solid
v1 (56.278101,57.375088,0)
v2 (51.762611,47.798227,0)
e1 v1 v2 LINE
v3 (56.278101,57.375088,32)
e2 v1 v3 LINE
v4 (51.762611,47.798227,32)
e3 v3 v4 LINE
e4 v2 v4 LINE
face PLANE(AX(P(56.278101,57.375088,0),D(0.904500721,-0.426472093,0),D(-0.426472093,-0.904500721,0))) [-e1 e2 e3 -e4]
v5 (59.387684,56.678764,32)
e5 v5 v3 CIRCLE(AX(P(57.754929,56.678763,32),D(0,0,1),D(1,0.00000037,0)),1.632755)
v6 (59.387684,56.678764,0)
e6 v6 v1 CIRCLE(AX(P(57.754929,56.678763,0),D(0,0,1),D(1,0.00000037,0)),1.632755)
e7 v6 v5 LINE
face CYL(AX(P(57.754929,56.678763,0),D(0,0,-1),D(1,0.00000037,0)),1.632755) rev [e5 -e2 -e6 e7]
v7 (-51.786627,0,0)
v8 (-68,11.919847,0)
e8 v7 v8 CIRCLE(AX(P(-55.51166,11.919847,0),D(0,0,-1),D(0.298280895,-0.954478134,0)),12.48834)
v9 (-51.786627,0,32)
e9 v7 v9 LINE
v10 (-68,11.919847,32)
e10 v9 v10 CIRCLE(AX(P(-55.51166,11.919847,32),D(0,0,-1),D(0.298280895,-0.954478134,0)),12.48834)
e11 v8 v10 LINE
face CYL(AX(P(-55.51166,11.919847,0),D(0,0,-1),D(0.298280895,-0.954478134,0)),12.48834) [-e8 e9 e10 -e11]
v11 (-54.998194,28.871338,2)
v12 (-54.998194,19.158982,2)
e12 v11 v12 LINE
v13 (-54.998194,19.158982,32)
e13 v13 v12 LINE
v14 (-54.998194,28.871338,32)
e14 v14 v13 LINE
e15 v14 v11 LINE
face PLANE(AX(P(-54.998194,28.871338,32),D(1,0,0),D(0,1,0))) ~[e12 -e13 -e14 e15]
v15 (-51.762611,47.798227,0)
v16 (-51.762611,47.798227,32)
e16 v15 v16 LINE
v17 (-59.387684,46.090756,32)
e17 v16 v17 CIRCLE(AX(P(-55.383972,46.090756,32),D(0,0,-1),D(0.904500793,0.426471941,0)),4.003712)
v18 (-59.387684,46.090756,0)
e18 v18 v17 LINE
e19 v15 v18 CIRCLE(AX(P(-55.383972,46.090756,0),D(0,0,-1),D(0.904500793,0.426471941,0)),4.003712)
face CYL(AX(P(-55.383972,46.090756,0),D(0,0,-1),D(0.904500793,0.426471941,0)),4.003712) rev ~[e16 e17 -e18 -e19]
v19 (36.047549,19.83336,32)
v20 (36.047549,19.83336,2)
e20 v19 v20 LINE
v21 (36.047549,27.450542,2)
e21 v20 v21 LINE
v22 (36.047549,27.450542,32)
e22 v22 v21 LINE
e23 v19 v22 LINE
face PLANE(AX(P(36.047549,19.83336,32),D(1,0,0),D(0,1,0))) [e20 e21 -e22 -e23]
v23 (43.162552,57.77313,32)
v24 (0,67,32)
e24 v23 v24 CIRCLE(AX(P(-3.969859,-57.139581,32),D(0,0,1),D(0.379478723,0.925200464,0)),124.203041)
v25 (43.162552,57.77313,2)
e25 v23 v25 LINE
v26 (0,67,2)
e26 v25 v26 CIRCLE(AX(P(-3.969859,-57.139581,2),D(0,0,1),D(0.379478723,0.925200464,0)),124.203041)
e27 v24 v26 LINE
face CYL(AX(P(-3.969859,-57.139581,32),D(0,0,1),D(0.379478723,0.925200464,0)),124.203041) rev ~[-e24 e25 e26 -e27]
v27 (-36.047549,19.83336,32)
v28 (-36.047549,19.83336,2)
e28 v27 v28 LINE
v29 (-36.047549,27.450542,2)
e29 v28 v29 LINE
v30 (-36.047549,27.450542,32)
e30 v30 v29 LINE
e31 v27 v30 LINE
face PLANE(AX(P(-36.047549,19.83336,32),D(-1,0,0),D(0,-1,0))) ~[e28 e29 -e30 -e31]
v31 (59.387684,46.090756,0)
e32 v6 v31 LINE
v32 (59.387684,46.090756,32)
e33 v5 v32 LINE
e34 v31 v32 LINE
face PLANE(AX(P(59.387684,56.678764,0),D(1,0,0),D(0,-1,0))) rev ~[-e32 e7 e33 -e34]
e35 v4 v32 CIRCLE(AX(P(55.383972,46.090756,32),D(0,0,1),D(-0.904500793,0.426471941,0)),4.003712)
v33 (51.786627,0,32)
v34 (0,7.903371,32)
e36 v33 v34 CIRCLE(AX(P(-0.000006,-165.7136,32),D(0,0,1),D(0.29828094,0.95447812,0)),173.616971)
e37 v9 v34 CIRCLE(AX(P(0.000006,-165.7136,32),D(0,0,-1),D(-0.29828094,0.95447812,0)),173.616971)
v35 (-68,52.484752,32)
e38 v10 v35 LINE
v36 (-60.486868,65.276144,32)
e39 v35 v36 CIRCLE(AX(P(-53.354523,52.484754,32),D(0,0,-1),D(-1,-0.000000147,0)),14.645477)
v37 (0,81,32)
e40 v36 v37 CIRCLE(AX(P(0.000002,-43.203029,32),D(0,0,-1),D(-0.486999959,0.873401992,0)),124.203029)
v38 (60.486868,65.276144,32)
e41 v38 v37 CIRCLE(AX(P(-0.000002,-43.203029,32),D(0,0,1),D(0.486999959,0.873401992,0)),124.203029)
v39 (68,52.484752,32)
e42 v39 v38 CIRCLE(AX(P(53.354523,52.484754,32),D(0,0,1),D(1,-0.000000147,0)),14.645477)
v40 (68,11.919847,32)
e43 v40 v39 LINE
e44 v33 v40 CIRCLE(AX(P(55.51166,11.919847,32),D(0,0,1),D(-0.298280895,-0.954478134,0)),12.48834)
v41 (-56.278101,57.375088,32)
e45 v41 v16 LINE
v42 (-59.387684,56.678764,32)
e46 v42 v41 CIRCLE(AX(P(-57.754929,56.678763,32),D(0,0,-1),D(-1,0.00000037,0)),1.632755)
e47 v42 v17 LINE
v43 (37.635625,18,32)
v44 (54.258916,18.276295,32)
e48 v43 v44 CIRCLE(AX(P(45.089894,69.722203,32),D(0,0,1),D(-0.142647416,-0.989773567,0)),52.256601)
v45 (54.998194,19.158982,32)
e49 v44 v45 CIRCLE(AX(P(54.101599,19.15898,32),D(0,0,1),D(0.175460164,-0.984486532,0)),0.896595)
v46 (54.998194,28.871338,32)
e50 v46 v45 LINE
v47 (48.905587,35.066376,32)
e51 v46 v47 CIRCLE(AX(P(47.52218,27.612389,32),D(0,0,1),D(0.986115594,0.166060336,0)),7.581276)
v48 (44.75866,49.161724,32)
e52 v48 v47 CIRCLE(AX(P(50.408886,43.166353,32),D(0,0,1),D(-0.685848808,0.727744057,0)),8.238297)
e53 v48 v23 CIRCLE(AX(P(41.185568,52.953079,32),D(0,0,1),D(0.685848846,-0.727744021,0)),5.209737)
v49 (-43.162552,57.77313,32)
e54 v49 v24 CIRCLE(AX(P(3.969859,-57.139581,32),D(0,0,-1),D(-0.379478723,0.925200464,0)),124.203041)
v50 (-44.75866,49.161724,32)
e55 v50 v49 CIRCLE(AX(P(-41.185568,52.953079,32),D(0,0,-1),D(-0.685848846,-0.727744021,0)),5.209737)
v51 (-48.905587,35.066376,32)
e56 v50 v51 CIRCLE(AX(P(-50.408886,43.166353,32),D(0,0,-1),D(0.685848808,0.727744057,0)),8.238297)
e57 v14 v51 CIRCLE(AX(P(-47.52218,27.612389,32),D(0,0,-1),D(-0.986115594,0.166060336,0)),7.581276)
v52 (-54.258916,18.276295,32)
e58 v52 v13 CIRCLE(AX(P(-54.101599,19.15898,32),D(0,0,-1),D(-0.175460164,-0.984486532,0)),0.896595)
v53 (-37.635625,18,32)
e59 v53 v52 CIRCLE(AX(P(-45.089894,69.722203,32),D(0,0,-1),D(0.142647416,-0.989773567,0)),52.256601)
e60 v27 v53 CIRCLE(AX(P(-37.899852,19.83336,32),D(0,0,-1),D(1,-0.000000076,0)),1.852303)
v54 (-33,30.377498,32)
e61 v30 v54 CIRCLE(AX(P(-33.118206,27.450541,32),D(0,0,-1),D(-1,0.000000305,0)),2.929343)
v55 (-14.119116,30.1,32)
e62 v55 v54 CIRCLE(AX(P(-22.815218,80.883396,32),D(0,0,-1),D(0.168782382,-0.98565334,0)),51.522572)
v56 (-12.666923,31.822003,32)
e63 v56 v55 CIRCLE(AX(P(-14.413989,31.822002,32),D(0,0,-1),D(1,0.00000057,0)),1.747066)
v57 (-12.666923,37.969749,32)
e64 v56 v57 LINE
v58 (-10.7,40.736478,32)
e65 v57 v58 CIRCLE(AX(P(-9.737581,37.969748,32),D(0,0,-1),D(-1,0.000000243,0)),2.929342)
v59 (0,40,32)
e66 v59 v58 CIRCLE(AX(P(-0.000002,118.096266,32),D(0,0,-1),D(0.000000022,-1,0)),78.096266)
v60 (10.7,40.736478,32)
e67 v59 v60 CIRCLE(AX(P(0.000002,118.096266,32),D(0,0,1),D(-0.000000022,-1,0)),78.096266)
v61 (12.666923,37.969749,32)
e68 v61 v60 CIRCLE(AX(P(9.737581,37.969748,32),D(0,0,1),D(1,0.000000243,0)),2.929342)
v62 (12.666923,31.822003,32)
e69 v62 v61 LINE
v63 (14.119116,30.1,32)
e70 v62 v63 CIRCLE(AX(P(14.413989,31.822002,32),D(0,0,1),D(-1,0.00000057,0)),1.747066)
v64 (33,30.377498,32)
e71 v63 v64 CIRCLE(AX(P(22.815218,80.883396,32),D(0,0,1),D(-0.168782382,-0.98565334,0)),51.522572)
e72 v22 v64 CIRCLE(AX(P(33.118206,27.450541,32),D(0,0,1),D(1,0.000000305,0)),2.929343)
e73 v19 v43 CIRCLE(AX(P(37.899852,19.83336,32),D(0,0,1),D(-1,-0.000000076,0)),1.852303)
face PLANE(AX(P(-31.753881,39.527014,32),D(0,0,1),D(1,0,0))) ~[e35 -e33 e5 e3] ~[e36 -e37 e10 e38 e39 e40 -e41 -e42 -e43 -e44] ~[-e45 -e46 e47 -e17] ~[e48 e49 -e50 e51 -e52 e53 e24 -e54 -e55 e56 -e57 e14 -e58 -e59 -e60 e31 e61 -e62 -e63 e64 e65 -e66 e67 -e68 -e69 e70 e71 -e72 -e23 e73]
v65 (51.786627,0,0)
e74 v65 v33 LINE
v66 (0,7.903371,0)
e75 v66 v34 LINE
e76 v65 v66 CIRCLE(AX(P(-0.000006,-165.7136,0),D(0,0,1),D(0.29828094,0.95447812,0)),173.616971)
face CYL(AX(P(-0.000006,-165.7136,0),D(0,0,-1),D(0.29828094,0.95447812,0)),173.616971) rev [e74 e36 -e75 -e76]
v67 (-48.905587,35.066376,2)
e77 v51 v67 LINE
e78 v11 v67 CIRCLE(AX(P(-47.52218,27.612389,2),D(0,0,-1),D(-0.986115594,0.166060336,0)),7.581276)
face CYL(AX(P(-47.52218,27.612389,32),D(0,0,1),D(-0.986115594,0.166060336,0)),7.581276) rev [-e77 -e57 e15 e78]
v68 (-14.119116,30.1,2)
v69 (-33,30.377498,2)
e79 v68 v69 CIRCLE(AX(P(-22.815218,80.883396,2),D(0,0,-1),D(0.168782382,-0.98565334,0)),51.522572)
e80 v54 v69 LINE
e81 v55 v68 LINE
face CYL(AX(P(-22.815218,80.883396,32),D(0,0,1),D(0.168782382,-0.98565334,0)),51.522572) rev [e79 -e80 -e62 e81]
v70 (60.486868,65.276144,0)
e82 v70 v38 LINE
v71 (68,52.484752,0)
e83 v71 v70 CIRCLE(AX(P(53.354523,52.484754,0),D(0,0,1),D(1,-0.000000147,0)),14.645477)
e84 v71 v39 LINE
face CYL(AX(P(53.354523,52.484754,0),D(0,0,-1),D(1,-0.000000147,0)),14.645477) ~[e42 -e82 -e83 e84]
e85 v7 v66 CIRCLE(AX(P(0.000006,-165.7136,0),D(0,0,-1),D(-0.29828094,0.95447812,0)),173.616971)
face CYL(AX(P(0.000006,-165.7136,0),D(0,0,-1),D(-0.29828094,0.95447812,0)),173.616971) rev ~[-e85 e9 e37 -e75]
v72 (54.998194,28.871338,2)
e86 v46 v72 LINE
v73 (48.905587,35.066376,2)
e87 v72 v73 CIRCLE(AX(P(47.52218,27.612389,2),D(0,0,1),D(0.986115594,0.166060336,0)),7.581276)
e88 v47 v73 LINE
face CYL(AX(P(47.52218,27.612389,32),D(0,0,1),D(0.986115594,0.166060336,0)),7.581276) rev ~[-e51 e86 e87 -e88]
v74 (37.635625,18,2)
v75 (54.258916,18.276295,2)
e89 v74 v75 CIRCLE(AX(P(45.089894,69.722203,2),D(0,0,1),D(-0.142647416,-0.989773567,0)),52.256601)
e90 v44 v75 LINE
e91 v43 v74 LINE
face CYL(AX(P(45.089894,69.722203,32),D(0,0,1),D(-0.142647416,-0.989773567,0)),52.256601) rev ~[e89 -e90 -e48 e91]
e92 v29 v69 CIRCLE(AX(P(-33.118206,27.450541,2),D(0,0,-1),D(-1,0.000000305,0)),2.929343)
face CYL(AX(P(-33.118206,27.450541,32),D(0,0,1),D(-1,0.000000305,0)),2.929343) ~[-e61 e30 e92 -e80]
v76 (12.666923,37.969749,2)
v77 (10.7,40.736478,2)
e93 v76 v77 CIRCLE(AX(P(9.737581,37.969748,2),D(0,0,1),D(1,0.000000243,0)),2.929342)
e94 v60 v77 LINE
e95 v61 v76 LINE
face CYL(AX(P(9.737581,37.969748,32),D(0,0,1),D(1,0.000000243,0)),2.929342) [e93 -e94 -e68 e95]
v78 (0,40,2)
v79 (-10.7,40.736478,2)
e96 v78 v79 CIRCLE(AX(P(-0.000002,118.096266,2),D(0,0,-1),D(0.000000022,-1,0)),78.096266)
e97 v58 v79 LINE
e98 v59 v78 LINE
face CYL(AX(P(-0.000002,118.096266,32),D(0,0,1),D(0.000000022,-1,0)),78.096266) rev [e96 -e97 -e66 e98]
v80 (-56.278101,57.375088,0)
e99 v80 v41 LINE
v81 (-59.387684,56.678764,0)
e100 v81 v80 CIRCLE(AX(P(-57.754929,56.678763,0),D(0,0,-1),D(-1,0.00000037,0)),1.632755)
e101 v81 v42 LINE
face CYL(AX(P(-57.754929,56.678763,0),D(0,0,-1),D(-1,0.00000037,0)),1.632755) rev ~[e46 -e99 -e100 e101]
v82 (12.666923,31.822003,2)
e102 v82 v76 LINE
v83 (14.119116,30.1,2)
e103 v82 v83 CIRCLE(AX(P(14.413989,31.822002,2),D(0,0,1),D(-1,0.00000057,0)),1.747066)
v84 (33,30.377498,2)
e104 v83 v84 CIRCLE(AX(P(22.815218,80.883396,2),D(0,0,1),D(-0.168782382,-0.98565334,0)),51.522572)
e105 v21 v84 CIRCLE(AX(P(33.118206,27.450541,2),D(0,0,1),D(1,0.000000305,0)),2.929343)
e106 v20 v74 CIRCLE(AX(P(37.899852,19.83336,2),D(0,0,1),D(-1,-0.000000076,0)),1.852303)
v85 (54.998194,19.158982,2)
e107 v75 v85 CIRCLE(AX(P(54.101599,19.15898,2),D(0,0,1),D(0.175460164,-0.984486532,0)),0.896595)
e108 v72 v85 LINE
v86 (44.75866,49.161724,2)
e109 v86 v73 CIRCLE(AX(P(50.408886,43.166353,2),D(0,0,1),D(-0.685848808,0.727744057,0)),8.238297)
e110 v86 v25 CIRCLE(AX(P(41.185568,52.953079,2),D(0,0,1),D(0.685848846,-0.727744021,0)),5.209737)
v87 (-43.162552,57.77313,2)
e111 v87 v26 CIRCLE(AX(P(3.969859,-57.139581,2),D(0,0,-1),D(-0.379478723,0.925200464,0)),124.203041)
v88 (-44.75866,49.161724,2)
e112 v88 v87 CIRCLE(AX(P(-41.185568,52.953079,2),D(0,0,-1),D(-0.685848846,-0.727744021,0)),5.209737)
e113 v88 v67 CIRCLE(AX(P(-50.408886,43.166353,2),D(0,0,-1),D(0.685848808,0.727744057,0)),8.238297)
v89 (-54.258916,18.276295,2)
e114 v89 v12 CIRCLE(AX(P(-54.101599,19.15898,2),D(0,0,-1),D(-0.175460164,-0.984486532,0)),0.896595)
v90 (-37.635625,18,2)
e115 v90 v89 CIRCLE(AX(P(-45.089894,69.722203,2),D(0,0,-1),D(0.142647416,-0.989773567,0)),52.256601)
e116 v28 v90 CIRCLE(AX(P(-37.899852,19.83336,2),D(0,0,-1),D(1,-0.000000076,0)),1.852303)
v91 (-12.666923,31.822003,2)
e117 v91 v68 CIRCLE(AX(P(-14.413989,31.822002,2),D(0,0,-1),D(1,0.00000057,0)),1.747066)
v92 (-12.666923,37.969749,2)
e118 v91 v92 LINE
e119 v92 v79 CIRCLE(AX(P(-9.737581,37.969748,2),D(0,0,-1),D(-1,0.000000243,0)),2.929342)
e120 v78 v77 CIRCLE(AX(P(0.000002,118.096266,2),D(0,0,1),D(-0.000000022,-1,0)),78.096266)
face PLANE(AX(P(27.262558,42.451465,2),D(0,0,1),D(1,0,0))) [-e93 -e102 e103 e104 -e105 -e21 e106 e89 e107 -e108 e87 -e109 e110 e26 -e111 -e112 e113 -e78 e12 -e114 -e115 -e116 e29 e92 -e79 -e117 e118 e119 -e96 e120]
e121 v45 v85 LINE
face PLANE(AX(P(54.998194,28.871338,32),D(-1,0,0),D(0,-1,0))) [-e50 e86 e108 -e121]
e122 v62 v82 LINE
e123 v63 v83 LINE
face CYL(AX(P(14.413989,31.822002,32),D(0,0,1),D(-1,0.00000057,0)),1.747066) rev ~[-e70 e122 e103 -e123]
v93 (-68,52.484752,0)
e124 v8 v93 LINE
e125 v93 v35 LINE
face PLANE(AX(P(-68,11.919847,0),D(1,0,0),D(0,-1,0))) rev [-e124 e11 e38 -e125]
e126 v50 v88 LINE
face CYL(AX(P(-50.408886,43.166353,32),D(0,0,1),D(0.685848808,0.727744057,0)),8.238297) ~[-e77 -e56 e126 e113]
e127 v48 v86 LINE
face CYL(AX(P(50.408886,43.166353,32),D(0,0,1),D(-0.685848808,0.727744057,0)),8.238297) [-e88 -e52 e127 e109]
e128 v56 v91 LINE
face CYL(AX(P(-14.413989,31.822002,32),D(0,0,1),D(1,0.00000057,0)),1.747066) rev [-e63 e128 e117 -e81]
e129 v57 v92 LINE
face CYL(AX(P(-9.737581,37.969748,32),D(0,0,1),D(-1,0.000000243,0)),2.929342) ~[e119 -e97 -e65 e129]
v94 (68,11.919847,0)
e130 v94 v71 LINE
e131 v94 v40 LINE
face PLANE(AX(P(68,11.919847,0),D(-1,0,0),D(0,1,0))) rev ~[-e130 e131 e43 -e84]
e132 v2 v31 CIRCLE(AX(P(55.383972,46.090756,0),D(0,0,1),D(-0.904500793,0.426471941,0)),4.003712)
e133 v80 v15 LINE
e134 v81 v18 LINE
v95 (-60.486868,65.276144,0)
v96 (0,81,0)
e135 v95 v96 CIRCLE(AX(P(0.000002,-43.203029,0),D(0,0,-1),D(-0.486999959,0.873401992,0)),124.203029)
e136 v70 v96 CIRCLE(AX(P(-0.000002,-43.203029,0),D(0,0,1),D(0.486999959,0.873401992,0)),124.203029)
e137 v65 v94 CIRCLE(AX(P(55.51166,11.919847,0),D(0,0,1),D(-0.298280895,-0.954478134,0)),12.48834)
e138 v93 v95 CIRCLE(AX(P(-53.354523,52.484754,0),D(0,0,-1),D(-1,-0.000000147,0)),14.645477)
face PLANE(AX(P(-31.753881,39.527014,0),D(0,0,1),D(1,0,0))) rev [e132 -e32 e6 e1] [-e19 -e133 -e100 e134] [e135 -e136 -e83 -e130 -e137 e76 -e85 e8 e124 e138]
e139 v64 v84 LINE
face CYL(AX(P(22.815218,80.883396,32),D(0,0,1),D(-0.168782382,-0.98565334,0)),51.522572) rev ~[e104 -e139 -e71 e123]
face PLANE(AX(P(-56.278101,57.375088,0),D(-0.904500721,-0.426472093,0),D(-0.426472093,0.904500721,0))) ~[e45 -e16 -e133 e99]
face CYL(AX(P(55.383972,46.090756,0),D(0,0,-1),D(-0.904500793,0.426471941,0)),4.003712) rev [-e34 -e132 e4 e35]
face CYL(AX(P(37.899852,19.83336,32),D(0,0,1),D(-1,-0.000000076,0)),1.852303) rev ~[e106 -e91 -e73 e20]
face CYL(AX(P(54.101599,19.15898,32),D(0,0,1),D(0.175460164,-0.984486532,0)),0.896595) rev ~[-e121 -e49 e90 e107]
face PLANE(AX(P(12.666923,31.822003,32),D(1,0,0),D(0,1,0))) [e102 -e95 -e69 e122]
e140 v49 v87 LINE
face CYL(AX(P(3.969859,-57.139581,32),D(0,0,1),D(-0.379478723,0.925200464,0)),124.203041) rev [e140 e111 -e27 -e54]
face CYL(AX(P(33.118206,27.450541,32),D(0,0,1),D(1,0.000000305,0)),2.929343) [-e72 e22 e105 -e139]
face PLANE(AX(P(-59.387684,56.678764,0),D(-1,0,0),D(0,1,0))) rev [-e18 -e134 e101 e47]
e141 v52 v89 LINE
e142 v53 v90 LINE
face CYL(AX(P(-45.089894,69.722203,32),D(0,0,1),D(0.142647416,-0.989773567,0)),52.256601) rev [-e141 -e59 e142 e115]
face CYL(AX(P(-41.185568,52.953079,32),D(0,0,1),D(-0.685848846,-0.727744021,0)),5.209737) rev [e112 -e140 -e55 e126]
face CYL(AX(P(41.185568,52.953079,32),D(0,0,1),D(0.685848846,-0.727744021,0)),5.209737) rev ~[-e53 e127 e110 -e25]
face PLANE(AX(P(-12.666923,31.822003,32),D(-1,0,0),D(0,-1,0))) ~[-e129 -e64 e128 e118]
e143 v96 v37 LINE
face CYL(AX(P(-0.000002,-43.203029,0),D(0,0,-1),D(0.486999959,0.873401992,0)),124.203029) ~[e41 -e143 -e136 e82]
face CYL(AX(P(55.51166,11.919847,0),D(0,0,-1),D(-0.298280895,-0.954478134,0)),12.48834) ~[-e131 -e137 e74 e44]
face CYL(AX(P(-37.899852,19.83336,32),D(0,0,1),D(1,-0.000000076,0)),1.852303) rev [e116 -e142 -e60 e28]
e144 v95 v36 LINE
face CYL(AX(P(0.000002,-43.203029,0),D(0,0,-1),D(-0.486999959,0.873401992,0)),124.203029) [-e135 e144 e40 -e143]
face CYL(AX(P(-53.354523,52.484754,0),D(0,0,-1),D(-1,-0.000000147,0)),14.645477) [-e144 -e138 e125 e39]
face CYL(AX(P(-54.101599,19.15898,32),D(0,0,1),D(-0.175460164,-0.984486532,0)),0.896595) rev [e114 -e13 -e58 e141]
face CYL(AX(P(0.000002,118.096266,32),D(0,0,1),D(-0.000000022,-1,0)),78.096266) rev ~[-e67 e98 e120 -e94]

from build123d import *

# Parameters (mm, degrees)
PAD_DEPTH    = 32
POCKET_DEPTH = 30


with BuildPart() as part:
    # Sketch → Pad (new body)
    with BuildSketch(Plane.XY):
        with BuildLine():
            Line((68, 11.919847), (68, 52.484752))
            ThreePointArc((68, 52.484752), (65.982797, 59.902078), (60.486868, 65.276144))
            ThreePointArc((60.486868, 65.276144), (31.248603, 77.004779), (0, 81))
            Line((0, 81), (0, 7.903371))
            ThreePointArc((51.786627, 0), (26.193119, 5.916155), (0, 7.903371))
            ThreePointArc((51.786627, 0), (62.908928, 1.858085), (68, 11.919847))
        make_face()
        with BuildLine():
            Line((56.278101, 57.375088), (51.762611, 47.798227))
            ThreePointArc((51.762611, 47.798227), (54.509093, 42.183801), (59.387684, 46.090756))
            Line((59.387684, 56.678764), (59.387684, 46.090756))
            ThreePointArc((59.387684, 56.678764), (58.111713, 58.27206), (56.278101, 57.375088))
        make_face(mode=Mode.SUBTRACT)
    pad = extrude(amount=PAD_DEPTH)

    # Sketch001 → Pocket (cut)
    with BuildSketch(Plane.XY.offset(32)):
        with BuildLine():
            ThreePointArc((43.162552, 57.77313), (21.99443, 64.319264), (0, 67))
            Line((0, 67), (0, 40))
            ThreePointArc((0, 40), (5.362658, 40.184337), (10.7, 40.736478))
            ThreePointArc((12.666923, 37.969749), (12.125079, 39.667069), (10.7, 40.736478))
            Line((12.666923, 31.822003), (12.666923, 37.969749))
            ThreePointArc((12.666923, 31.822003), (13.078436, 30.695708), (14.119116, 30.1))
            ThreePointArc((14.119116, 30.1), (23.572379, 29.366387), (33, 30.377498))
            ThreePointArc((36.047549, 27.450542), (35.147342, 29.563278), (33, 30.377498))
            Line((36.047549, 19.83336), (36.047549, 27.450542))
            ThreePointArc((36.047549, 19.83336), (36.499771, 18.620595), (37.635625, 18))
            ThreePointArc((37.635625, 18), (45.958329, 17.472818), (54.258916, 18.276295))
            ThreePointArc((54.258916, 18.276295), (54.788961, 18.583293), (54.998194, 19.158982))
            Line((54.998194, 28.871338), (54.998194, 19.158982))
            ThreePointArc((54.998194, 28.871338), (52.927452, 32.928287), (48.905587, 35.066376))
            ThreePointArc((44.75866, 49.161724), (42.505536, 40.841145), (48.905587, 35.066376))
            ThreePointArc((44.75866, 49.161724), (46.308059, 53.902523), (43.162552, 57.77313))
        make_face()
    pocket = extrude(amount=-POCKET_DEPTH, mode=Mode.SUBTRACT)

    # Mirrored: Pad, Pocket across Sketch001 V_Axis
    add(pad.mirror(Plane(origin=(0, 0, 32), x_dir=(0, 0, 1), z_dir=(1, 0, 0))))
    add(pocket.mirror(Plane(origin=(0, 0, 32), x_dir=(0, 0, 1), z_dir=(1, 0, 0))), mode=Mode.SUBTRACT)


solid = part.part
